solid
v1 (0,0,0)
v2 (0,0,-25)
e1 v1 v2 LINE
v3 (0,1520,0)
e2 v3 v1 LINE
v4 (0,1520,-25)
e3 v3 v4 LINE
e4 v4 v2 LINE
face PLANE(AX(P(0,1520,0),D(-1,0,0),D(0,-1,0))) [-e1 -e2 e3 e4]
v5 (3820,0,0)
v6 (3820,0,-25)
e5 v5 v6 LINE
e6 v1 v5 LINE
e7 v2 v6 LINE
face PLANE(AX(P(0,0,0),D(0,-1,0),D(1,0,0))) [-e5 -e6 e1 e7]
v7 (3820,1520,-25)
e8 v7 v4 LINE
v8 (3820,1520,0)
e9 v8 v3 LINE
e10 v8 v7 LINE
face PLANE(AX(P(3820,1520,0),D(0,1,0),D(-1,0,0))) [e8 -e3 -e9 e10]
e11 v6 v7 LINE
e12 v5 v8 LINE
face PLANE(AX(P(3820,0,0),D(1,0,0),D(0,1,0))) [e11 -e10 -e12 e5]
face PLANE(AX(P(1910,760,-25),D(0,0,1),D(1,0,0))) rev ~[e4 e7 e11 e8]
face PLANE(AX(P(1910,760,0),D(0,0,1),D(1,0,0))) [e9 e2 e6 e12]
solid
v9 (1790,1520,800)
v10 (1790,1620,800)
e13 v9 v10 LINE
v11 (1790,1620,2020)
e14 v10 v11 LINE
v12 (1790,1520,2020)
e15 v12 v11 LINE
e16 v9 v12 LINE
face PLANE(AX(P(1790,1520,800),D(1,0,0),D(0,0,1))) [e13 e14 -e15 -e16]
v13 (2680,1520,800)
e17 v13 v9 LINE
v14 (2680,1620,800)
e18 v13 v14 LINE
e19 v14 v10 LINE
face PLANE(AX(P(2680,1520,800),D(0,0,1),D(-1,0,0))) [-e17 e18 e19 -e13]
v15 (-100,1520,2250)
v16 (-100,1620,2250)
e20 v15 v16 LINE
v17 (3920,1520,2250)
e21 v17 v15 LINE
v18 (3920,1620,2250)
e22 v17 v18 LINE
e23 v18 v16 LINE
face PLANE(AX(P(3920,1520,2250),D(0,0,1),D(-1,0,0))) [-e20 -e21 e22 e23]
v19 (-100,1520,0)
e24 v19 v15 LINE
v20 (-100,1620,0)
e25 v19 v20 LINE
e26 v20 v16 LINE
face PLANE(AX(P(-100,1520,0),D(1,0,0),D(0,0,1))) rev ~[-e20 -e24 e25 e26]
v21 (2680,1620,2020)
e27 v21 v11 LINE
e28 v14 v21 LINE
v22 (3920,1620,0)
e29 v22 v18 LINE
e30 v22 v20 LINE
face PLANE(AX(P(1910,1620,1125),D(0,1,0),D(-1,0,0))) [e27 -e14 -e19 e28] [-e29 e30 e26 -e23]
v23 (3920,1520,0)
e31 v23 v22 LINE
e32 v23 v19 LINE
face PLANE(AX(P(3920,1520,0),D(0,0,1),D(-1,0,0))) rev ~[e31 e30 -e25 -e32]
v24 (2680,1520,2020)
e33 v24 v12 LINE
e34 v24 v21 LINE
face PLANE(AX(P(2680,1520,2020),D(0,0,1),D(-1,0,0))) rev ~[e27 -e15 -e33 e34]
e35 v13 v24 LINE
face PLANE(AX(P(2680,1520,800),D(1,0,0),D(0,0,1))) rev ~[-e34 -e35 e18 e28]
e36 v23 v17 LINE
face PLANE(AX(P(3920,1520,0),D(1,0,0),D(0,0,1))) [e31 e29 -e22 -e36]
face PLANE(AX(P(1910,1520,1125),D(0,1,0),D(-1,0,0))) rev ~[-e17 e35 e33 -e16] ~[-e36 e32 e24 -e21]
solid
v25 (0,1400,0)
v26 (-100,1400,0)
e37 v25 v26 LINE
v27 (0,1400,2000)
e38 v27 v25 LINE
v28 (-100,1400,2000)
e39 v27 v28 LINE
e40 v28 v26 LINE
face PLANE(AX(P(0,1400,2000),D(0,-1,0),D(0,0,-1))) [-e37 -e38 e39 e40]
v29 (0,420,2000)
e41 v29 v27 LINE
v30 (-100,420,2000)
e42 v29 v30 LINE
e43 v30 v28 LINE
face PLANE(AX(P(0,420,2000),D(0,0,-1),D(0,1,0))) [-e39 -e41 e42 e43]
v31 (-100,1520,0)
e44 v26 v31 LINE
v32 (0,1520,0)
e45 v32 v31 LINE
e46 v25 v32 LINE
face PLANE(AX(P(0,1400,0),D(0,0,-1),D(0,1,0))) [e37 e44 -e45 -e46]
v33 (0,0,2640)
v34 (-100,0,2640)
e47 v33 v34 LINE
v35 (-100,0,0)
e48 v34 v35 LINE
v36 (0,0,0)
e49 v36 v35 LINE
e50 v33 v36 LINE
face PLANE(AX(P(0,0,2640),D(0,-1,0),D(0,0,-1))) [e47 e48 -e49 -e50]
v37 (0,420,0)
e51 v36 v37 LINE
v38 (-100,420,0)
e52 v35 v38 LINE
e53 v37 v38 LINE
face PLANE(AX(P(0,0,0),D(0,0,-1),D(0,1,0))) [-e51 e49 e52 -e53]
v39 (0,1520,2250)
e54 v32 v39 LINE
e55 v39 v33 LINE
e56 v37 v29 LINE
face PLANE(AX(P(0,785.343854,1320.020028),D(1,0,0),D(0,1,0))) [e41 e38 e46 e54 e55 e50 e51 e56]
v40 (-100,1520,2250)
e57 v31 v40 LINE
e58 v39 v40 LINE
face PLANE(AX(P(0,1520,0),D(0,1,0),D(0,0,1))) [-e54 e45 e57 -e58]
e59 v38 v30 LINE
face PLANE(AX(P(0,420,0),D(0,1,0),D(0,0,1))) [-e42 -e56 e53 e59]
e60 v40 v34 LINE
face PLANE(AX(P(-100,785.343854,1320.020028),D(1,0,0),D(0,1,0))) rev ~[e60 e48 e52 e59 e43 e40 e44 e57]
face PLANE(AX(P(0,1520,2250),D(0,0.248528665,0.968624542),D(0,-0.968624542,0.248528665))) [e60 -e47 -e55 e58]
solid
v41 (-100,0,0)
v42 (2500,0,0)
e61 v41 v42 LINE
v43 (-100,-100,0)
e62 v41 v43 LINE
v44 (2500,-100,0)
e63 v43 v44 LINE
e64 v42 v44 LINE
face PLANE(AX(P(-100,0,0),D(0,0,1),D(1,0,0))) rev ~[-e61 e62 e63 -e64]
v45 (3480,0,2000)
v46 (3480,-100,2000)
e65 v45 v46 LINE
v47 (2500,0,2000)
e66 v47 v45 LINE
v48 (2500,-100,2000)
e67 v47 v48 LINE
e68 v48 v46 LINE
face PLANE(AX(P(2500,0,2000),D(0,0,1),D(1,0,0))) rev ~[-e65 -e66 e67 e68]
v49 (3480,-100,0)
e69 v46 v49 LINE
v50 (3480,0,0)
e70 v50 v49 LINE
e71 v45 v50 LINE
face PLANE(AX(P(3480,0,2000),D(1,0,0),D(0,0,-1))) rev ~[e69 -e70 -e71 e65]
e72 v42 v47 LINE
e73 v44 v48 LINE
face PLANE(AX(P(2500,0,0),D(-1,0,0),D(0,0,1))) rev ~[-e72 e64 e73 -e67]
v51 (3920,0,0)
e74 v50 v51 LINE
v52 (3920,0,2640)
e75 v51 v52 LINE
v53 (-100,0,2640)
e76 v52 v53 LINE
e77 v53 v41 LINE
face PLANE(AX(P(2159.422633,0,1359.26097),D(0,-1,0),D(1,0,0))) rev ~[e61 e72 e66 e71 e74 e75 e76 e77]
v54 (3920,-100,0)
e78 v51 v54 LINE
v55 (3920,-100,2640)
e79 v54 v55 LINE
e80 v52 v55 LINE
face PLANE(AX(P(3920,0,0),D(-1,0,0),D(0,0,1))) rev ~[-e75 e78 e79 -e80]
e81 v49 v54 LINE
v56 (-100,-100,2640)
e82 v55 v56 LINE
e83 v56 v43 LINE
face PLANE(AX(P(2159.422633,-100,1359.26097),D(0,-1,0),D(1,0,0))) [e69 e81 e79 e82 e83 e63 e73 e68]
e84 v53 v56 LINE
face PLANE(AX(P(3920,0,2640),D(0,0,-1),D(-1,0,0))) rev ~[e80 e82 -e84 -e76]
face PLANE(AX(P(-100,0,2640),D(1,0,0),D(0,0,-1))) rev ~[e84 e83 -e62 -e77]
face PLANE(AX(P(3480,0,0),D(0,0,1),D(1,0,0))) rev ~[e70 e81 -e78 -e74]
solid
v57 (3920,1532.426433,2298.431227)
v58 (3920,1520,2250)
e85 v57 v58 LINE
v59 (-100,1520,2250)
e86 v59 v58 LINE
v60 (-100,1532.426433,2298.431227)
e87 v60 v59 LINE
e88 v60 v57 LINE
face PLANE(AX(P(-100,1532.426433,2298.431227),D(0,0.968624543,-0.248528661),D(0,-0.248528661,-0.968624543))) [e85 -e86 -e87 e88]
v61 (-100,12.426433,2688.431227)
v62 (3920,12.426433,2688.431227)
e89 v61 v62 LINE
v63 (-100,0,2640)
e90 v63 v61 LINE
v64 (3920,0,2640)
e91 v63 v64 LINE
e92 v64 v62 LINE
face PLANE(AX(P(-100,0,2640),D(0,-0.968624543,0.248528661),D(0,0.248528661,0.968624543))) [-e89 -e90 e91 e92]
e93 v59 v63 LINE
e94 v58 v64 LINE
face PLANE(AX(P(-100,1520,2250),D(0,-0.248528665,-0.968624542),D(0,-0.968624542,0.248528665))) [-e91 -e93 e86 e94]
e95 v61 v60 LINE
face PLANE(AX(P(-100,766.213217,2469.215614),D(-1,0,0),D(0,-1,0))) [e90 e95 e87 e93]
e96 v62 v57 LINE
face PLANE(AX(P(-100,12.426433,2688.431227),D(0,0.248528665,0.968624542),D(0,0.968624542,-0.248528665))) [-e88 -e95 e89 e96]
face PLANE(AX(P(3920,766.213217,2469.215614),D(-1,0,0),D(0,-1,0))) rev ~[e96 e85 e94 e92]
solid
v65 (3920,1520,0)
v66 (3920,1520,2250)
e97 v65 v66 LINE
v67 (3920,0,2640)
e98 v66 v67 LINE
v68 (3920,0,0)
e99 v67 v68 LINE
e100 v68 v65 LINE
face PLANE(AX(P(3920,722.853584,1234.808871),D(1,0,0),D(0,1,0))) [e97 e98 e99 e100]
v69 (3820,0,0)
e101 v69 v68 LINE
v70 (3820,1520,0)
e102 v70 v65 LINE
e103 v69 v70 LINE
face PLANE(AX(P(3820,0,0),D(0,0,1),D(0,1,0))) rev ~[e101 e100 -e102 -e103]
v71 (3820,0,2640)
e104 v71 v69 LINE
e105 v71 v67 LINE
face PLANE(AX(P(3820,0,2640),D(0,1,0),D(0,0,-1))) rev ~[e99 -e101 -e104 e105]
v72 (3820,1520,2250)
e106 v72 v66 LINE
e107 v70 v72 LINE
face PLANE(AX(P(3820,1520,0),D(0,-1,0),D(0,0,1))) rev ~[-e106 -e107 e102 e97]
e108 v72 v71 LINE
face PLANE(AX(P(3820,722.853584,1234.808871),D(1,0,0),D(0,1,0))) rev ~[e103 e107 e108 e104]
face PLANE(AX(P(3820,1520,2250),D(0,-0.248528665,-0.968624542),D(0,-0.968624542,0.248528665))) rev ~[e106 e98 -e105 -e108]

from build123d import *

# Parameters (mm, degrees)
F1_DEPTH  = 25
F5_DEPTH  = 100
F7_DEPTH  = 100
F9_DEPTH  = 100
F10_W     = 4020
F10_H     = 2250
F10_W_2   = 890
F10_H_2   = 1220
F11_DEPTH = 100
F13_DEPTH = 4020


with BuildPart() as f1:
    # F0 (on Top) → F1 (new body)
    with BuildSketch(Plane.XY):
        Polygon((0, 420), (0, 0), (2500, 0), (3480, 0), (3820, 0), (3820, 1520), (2680, 1520), (1790, 1520), (0, 1520), (0, 1400), align=None)
    extrude(amount=-F1_DEPTH)


with BuildPart() as f5:
    # F4 (on Right) → F5 (new body)
    with BuildSketch(Plane.YZ):
        Polygon((1400, 0), (1520, 0), (1520, 2250), (0, 2640), (0, 0), (420, 0), (420, 2000), (1400, 2000), align=None)
    extrude(amount=-F5_DEPTH)


with BuildPart() as f7:
    # F6 (on face) → F7 (new body)
    with BuildSketch(Plane.YZ.offset(3820)):
        Polygon((0, 2640), (0, 0), (1520, 0), (1520, 2250), align=None)
    extrude(amount=F7_DEPTH)


with BuildPart() as f9:
    # F8 (on Front) → F9 (new body)
    with BuildSketch(Plane.XZ):
        Polygon((3920, 2640), (-100, 2640), (-100, 0), (2500, 0), (2500, 2000), (3480, 2000), (3480, 0), (3920, 0), align=None)
    extrude(amount=F9_DEPTH)


with BuildPart() as f11:
    # F10 (on face) → F11 (new body)
    with BuildSketch(Plane(origin=(0, 1520, 0), x_dir=(-1, 0, 0), z_dir=(0, 1, 0))):
        with Locations((-1910, 1125)):
            Rectangle(F10_W, F10_H)
        with Locations((-2235, 1410)):
            Rectangle(F10_W_2, F10_H_2, mode=Mode.SUBTRACT)
    extrude(amount=F11_DEPTH)


with BuildPart() as f13:
    # F12 (on face) → F13 (new body, through all)
    with BuildSketch(Plane(origin=(-100, 0, 0), x_dir=(0, -1, 0), z_dir=(-1, 0, 0))):
        Polygon((-12.426433, 2688.431227), (-1532.426433, 2298.431227), (-1520, 2250), (0, 2640), align=None)
    extrude(amount=-F13_DEPTH)


solid = Compound([f1.part, f5.part, f7.part, f9.part, f11.part, f13.part])
